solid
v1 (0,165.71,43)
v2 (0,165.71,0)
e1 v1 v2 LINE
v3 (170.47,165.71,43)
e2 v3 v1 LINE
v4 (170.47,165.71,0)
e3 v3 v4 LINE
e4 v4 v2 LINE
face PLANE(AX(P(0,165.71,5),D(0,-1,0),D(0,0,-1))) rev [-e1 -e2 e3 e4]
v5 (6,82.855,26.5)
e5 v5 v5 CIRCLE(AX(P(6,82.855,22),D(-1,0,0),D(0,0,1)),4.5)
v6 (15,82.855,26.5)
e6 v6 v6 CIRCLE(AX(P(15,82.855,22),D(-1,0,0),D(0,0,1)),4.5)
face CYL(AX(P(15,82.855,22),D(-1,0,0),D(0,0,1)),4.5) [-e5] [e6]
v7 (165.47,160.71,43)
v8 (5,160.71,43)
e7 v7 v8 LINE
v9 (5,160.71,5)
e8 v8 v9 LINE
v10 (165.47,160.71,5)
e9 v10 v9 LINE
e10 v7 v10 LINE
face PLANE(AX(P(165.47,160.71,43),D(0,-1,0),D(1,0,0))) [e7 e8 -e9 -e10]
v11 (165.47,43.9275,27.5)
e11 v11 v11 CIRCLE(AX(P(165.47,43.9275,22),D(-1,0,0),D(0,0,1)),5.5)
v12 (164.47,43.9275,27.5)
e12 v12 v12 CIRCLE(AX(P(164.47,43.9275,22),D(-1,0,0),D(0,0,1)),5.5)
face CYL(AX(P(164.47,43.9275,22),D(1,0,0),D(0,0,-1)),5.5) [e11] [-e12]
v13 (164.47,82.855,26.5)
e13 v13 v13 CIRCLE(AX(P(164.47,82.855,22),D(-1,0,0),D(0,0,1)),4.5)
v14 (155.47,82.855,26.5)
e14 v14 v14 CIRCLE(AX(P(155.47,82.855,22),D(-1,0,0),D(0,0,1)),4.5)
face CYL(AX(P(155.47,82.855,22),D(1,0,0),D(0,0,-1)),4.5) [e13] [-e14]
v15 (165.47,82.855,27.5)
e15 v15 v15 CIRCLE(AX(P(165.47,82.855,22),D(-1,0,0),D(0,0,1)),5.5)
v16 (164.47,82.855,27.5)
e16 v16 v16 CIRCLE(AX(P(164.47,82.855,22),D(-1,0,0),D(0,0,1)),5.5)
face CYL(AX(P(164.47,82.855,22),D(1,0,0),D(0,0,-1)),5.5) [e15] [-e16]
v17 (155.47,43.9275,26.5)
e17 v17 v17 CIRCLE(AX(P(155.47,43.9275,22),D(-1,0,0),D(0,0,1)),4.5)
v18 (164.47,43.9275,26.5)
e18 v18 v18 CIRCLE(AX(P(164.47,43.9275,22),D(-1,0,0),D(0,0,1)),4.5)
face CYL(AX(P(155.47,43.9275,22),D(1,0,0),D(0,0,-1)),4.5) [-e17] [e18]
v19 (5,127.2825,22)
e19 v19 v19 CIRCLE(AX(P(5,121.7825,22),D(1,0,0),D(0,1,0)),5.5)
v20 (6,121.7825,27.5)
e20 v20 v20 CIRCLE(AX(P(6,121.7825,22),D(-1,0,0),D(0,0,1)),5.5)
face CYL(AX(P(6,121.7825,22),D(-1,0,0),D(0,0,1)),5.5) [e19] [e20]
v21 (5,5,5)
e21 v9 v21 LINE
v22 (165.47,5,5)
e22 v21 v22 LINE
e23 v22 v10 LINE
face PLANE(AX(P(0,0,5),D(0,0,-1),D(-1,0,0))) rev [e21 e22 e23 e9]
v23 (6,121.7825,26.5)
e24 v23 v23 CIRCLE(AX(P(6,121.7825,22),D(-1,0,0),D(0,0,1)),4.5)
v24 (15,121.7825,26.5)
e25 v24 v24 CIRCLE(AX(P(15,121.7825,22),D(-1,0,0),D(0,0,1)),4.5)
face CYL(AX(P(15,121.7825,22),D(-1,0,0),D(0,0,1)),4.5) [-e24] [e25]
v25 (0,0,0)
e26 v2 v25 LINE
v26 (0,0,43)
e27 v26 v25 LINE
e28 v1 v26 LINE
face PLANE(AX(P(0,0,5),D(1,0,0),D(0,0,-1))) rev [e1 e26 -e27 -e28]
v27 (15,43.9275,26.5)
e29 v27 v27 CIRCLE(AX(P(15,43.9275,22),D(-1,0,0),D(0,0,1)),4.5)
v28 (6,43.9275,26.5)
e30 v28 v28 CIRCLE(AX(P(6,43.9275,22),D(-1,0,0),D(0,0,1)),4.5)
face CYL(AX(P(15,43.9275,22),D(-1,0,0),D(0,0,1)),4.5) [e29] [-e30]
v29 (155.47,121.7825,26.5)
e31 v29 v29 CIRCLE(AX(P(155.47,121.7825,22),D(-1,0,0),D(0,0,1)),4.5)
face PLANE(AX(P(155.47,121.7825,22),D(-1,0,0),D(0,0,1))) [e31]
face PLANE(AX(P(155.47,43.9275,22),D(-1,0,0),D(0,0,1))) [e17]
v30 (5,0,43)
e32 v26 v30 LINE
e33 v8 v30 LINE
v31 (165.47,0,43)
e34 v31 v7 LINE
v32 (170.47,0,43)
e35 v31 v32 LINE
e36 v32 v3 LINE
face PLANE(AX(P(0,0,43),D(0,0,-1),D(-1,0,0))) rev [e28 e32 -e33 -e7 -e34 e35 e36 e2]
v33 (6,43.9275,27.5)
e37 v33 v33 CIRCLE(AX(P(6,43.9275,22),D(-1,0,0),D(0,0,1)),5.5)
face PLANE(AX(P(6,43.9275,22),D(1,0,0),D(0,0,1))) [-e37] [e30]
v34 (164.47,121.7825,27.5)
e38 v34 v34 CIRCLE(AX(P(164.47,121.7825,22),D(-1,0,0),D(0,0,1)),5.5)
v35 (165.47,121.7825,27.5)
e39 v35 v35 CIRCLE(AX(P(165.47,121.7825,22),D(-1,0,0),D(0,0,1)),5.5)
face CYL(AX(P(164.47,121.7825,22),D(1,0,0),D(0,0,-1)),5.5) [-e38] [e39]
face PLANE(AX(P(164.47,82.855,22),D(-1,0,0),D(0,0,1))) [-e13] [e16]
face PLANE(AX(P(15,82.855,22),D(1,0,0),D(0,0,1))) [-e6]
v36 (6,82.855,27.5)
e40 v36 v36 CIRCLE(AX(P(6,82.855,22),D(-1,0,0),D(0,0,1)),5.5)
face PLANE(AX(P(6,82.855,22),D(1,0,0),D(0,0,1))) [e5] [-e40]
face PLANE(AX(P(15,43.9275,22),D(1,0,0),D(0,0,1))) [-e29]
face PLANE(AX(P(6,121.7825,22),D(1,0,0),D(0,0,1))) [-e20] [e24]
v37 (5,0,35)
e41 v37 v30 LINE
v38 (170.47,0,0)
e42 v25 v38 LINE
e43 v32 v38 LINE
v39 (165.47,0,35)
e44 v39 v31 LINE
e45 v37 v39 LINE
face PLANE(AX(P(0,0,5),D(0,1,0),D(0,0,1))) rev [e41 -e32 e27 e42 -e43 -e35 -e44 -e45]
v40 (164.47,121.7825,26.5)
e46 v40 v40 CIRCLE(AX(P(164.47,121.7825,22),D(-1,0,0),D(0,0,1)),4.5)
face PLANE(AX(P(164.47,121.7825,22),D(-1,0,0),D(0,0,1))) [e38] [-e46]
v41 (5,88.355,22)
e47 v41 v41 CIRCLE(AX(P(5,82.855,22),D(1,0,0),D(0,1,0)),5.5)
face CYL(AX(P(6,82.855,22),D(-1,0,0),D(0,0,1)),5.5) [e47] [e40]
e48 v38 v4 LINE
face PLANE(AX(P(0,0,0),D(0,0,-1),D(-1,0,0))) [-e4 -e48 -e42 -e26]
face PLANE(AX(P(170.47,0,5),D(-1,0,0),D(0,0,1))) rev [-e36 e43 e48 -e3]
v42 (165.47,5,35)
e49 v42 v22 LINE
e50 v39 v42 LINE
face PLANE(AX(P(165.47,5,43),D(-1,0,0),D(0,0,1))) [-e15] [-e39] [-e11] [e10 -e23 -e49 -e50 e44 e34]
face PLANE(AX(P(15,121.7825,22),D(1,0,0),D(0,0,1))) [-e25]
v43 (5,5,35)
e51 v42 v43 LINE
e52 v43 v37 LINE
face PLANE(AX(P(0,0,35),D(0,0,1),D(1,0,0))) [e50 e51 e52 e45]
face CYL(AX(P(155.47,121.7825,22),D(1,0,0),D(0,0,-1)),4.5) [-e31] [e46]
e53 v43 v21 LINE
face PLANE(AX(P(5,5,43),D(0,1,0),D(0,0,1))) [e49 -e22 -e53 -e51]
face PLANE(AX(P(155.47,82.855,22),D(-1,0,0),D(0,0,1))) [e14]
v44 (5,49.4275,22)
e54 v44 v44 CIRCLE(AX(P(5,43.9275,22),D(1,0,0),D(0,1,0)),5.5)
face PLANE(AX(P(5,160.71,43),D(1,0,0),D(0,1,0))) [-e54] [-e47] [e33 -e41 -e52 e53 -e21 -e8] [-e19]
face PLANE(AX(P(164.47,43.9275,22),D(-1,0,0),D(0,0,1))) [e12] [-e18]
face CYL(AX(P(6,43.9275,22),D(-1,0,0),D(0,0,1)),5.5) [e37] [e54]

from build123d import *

# Parameters (mm, degrees)
SKETCH1_W               = 170.47
SKETCH1_H               = 165.71
BOSS_EXTRUDE1_DEPTH     = 5
SKETCH2_W               = 170.47
SKETCH2_H               = 165.71
SKETCH2_W_2             = 160.47
SKETCH2_H_2             = 155.71
BOSS_EXTRUDE2_DEPTH     = 38
SKETCH3_W               = 160.47
SKETCH3_H               = 5
CUT_EXTRUDE1_DEPTH      = 8
SKETCH5_R               = 5.5
BOSS_EXTRUDE3_DEPTH     = 1
SKETCH6_R               = 4.5
BOSS_EXTRUDE4_DEPTH     = 9
LPATTERN1_COUNT         = 3
LPATTERN1_PITCH         = 38.9275
MIRROR1_COPY_1_SKETCH_R = 5.5
MIRROR1_COPY_1_DEPTH    = 1
MIRROR1_COPY_2_SKETCH_R = 5.5
MIRROR1_COPY_2_DEPTH    = 1
MIRROR1_COPY_3_SKETCH_R = 4.5
MIRROR1_COPY_3_DEPTH    = 9
MIRROR1_COPY_4_SKETCH_R = 4.5
MIRROR1_COPY_4_DEPTH    = 9


with BuildPart() as part:
    # Sketch1 → Boss-Extrude1 (new body)
    with BuildSketch(Plane.XY):
        with Locations((85.235, 82.855)):
            Rectangle(SKETCH1_W, SKETCH1_H)
    extrude(amount=BOSS_EXTRUDE1_DEPTH)

    # Sketch2 → Boss-Extrude2 (add)
    with BuildSketch(Plane.XY.offset(5)):
        with Locations((85.235, 82.855)):
            Rectangle(SKETCH2_W, SKETCH2_H)
        with Locations((85.235, 82.855)):
            Rectangle(SKETCH2_W_2, SKETCH2_H_2, mode=Mode.SUBTRACT)
    extrude(amount=BOSS_EXTRUDE2_DEPTH)

    # Sketch3 → Cut-Extrude1 (cut)
    with BuildSketch(Plane.XY.offset(43)):
        with Locations((85.235, 2.5)):
            Rectangle(SKETCH3_W, SKETCH3_H)
    extrude(amount=-CUT_EXTRUDE1_DEPTH, mode=Mode.SUBTRACT)

    # Sketch5 → Boss-Extrude3 (add)
    with BuildSketch(Plane.ZY.offset(-165.47)):
        with Locations((22, 121.7825)):
            Circle(SKETCH5_R)
    boss_extrude3 = extrude(amount=BOSS_EXTRUDE3_DEPTH)

    # Sketch6 → Boss-Extrude4 (add)
    with BuildSketch(Plane.ZY.offset(-164.47)):
        with Locations((22, 121.7825)):
            Circle(SKETCH6_R)
    boss_extrude4 = extrude(amount=BOSS_EXTRUDE4_DEPTH)

    # LPattern1: Boss-Extrude3, Boss-Extrude4 ×3
    with Locations(*[(0, -i * LPATTERN1_PITCH, 0) for i in range(1, LPATTERN1_COUNT)]):
        add(boss_extrude3)
        add(boss_extrude4)

    # Mirror1: Boss-Extrude3, Boss-Extrude4 across plane
    add(boss_extrude3.mirror(Plane.ZY.offset(-85.235)))
    add(boss_extrude4.mirror(Plane.ZY.offset(-85.235)))

    # Mirror1 copy 1 sketch → Mirror1 copy 1 (add)
    with BuildSketch(Plane(origin=(5, -38.9275, 0), x_dir=(0, 0, 1), z_dir=(1, 0, 0))):
        with Locations((22, -121.7825)):
            Circle(MIRROR1_COPY_1_SKETCH_R)
    extrude(amount=MIRROR1_COPY_1_DEPTH)

    # Mirror1 copy 2 sketch → Mirror1 copy 2 (add)
    with BuildSketch(Plane(origin=(5, -77.855, 0), x_dir=(0, 0, 1), z_dir=(1, 0, 0))):
        with Locations((22, -121.7825)):
            Circle(MIRROR1_COPY_2_SKETCH_R)
    extrude(amount=MIRROR1_COPY_2_DEPTH)

    # Mirror1 copy 3 sketch → Mirror1 copy 3 (add)
    with BuildSketch(Plane(origin=(6, -38.9275, 0), x_dir=(0, 0, 1), z_dir=(1, 0, 0))):
        with Locations((22, -121.7825)):
            Circle(MIRROR1_COPY_3_SKETCH_R)
    extrude(amount=MIRROR1_COPY_3_DEPTH)

    # Mirror1 copy 4 sketch → Mirror1 copy 4 (add)
    with BuildSketch(Plane(origin=(6, -77.855, 0), x_dir=(0, 0, 1), z_dir=(1, 0, 0))):
        with Locations((22, -121.7825)):
            Circle(MIRROR1_COPY_4_SKETCH_R)
    extrude(amount=MIRROR1_COPY_4_DEPTH)


solid = part.part
